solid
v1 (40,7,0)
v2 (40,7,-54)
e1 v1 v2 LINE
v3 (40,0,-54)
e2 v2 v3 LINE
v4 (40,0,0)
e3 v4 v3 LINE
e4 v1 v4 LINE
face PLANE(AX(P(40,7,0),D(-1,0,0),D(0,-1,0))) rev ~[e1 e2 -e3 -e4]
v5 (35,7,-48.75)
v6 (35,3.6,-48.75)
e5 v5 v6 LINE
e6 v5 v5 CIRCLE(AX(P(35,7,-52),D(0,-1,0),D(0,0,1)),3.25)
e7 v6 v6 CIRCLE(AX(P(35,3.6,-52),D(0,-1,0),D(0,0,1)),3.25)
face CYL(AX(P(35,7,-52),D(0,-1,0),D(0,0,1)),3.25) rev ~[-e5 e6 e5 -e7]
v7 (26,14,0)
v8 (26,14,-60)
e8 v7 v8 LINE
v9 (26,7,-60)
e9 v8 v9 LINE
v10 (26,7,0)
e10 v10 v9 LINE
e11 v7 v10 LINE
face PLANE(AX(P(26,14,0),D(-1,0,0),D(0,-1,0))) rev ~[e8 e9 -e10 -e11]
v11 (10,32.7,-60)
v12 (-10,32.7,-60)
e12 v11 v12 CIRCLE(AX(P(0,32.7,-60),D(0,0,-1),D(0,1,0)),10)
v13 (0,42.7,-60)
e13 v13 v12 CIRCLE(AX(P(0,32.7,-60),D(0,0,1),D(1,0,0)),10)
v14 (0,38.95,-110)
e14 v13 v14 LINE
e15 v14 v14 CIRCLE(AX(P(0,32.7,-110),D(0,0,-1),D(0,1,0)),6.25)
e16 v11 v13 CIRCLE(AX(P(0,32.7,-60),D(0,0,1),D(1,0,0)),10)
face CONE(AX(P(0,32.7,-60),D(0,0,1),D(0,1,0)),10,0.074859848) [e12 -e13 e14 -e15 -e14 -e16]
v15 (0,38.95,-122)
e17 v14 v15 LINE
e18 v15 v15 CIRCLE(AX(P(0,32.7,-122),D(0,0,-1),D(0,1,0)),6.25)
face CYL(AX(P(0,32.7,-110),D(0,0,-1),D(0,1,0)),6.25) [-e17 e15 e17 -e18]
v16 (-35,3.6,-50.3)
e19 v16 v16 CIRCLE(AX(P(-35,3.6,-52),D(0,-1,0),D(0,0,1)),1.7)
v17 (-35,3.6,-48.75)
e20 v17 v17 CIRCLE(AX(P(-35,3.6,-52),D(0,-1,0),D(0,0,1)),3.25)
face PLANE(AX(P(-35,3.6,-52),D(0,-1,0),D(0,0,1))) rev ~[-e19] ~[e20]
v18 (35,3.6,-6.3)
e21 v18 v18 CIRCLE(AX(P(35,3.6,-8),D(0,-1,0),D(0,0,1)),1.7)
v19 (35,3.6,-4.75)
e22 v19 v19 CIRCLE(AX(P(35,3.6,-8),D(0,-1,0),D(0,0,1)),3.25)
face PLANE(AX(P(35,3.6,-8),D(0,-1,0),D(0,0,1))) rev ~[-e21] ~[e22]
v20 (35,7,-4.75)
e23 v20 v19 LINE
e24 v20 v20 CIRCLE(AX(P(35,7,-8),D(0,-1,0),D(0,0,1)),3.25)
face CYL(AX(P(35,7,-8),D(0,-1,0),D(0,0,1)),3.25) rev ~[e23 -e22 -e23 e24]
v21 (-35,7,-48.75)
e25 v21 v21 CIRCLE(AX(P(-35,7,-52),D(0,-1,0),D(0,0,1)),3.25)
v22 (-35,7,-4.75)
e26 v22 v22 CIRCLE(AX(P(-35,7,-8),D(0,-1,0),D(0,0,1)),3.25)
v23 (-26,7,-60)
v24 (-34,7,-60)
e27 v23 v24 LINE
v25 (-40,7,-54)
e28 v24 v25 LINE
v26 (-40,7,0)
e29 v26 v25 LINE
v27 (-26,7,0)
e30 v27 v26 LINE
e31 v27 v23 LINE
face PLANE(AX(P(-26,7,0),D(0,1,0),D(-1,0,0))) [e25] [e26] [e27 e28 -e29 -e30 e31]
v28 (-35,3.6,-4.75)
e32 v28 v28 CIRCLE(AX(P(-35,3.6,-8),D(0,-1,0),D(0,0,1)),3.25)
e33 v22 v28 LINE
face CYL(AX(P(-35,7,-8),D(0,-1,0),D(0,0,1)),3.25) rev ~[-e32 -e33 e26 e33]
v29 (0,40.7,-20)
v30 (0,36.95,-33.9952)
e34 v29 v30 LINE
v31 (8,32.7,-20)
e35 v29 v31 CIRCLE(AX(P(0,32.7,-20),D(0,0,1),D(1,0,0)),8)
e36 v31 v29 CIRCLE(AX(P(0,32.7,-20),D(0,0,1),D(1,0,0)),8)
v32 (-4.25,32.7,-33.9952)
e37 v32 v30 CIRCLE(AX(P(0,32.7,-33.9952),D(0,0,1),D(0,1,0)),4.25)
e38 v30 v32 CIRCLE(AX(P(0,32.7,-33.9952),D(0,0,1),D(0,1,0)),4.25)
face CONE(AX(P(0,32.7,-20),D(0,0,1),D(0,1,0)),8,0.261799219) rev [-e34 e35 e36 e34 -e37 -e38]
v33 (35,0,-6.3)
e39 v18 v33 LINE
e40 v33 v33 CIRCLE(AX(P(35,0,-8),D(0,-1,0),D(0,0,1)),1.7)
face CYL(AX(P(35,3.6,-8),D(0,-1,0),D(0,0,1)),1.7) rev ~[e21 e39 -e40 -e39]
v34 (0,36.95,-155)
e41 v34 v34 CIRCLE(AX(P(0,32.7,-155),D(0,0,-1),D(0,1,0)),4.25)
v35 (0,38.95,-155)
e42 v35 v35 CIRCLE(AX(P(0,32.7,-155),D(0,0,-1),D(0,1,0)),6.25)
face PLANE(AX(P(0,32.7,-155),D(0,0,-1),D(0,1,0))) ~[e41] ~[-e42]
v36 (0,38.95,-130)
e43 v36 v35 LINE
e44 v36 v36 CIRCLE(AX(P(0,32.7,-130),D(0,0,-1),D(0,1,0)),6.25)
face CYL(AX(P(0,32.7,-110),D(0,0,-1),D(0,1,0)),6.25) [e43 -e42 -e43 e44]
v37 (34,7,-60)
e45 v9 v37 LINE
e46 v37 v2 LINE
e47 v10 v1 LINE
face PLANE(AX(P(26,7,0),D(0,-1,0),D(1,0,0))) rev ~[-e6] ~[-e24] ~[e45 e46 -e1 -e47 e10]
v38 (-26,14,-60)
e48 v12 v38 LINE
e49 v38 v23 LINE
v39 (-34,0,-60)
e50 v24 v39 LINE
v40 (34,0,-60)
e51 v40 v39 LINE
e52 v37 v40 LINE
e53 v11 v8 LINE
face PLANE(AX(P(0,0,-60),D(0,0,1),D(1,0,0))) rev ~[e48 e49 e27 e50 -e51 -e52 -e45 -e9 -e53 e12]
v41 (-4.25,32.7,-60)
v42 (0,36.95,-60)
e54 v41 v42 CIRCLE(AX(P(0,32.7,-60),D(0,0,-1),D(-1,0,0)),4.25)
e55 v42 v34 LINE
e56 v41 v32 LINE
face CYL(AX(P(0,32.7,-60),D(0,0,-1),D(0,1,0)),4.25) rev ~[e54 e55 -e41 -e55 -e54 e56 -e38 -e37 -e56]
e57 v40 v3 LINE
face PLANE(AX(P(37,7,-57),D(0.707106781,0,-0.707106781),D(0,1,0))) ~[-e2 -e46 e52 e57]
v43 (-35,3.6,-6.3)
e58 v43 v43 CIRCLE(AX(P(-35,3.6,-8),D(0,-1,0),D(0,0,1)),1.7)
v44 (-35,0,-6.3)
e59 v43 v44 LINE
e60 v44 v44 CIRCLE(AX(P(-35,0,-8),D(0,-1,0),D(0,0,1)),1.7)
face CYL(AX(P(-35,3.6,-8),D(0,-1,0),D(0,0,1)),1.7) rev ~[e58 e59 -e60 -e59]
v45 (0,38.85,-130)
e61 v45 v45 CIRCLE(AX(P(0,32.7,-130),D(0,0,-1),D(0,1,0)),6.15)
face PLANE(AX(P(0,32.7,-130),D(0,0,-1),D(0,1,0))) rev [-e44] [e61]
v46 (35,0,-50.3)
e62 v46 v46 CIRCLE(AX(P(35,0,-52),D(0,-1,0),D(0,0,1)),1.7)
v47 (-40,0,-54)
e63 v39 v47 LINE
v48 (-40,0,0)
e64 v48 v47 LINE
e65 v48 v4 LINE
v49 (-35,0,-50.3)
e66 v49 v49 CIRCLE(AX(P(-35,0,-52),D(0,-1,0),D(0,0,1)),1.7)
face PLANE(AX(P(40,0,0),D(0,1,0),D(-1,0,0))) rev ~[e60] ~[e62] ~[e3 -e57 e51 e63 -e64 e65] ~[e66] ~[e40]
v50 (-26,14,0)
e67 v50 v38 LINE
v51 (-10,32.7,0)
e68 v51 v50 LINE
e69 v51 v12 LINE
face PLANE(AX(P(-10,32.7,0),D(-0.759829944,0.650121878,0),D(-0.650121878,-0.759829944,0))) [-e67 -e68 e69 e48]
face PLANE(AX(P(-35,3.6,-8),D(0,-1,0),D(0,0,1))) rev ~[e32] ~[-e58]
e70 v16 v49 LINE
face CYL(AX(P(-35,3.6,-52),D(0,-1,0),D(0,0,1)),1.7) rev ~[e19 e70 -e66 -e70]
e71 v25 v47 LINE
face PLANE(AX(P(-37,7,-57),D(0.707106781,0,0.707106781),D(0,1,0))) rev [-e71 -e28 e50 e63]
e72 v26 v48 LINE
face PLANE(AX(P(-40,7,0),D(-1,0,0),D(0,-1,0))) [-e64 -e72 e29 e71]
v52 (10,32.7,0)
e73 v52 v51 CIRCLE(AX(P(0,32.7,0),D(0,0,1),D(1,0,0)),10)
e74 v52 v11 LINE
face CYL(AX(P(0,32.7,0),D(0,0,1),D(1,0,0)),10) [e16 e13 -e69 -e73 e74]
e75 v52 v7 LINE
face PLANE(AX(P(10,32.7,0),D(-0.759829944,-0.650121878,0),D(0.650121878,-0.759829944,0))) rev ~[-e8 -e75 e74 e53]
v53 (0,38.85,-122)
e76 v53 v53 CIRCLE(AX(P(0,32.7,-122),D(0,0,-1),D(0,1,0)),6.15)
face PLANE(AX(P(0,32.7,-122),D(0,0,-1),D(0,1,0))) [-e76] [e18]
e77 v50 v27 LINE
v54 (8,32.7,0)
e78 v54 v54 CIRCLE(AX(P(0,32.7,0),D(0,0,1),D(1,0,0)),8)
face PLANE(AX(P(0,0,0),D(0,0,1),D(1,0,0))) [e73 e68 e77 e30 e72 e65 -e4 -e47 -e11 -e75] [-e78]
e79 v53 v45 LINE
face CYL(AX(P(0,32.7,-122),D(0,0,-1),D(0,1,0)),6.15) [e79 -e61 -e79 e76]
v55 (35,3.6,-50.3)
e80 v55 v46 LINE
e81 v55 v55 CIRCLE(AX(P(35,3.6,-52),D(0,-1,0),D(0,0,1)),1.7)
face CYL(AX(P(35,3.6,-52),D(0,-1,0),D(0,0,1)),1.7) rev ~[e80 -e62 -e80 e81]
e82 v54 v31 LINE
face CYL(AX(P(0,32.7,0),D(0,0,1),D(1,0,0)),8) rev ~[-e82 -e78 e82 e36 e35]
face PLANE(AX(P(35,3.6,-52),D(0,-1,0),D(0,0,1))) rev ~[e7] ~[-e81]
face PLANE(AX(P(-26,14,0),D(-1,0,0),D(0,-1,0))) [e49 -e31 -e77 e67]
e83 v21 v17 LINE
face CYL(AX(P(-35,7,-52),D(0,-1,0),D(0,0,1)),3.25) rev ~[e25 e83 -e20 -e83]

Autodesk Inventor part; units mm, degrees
ref_plane "YZ Plane" through (0, 0, 0) normal (1, 0, 0) x (0, 1, 0)
ref_plane "XZ Plane" through (0, 0, 0) normal (0, 1, 0) x (-1, 0, 0)
ref_plane "XY Plane" through (0, 0, 0) normal (0, 0, 1) x (1, 0, 0)
sketch "Sketch1" plane through (0, 0, 0) normal (0, 0, 1) x (1, 0, 0)
  arc A0 (10, 32.7) -> (-10, 32.7) centre (0, 32.7) ccw
  line L0 (-10, 32.7) -> (-26, 14)
  line L1 (-26, 14) -> (-26, 7)
  line L2 (-26, 7) -> (-40, 7)
  line L3 (-40, 7) -> (-40, 0)
  line L4 (-40, 0) -> (0, 0)
  line L5 (0, 32.7) -> (0, 0) construction
  line L6 (10, 32.7) -> (26, 14)
  line L7 (26, 14) -> (26, 7)
  line L8 (26, 7) -> (40, 7)
  line L9 (40, 7) -> (40, 0)
  line L10 (40, 0) -> (0, 0)
  line L11 (-10, 32.7) -> (10, 32.7) construction
  dimension "d4" = 10
  dimension "d5" = 80
  dimension "ToolGuidance_Base_Thickness" = 7
  dimension "d7" = 7
  dimension "d8" = 32.7
  dimension "d9" = 14
  dimension "d11" = 0
extrude "Extrusion1" add sketch "Sketch1" against normal blind 60
sketch "Sketch2" plane through (0, 0, 0) normal (0, 0, 1) x (1, 0, 0)
  arc A0 (10, 32.7) -> (-10, 32.7) centre (0, 32.7) ccw projected
  circle A1 centre (0, 32.7) radius 8
  point P0 (0, 0)
  dimension "d16" = 16
extrude "Extrusion2" cut sketch "Sketch2" against normal blind 20
sketch "Sketch3" plane through (0, 0, -60) normal (0, 0, -1) x (-1, 0, 0)
  circle A0 centre (0, 32.7) radius 8 projected
  circle A1 centre (0, 32.7) radius 4.25
  point P0 (0, 0)
  dimension "d19" = 8.5
extrude "Extrusion3" cut sketch "Sketch3" against normal blind 60 contours A1
sketch "Sketch4" plane through (-40, 7, 0) normal (0, 1, 0) x (1, 0, 0)
  circle A0 centre (5, 52) radius 2.25 construction
  line L0 (0, 60) -> (14, 60) construction
  line L1 (0, 0) -> (0, 60) construction
  circle A1 centre (5, 8) radius 2.25 construction
  line L2 (96, 0) -> (-16, 0) construction
  line L3 (40, 60) -> (40, 0) construction
  circle A2 centre (75, 52) radius 2.25 construction
  circle A3 centre (75, 8) radius 2.25 construction
  line L4 (80, 0) -> (80, 60) construction
  line L5 (66, 60) -> (80, 60) construction
  line L6 (75, 52) -> (75, 8) construction
  line L7 (5, 52) -> (5, 8) construction
  line L8 (0, 0) -> (0, 60) construction
  point P0 (73, 60)
  point P1 (7, 60)
  dimension "d25" = 4.5
  dimension "d26" = 8
  dimension "d28" = 4.5
  dimension "d29" = 8
  dimension "d54" = 44
  dimension "Guidacne_fixHoleDist" = 70
hole "Bohrung1" at (35, 7, -52) at (35, 7, -8) at (-35, 7, -8) at (-35, 7, -52) direction (0, -1, 0) diameter 3.4 end through all counterbore diameter 6.5 counterbore depth 3.4 clearance for "Inbusschraube DIN EN ISO 4762" size "M3" standard "DIN"
sketch "Sketch5" plane through (0, 0, 0) normal (1, 0, 0) x (0, 1, 0)
  line L0 (32.7, 0) -> (32.7, -60) projected
  line L1 (32.7, 0) -> (32.7, -180.9299)
  line L2 (32.7, -60) -> (42.7, -60) projected
  line L3 (42.7, -60) -> (38.95, -110)
  line L4 (38.95, -110) -> (38.95, -155)
  line L5 (36.95, -60) -> (36.95, -20) projected
  line L6 (36.95, -60) -> (36.95, -155)
  line L7 (36.95, -155) -> (38.95, -155)
  line L8 (42.7, 0) -> (32.7, 0) projected
  point P0 (0, 0)
  dimension "d34" = 2
  dimension "d35" = 155
  dimension "d36" = 110
revolve "Revolution1" add sketch "Sketch5" angle 360 about axis through (0, 32.7, 0) along (0, 0, -1)
sketch "Sketch6" plane through (0, 0, 0) normal (1, 0, 0) x (0, 1, 0)
  line L0 (32.7, 0) -> (32.7, -60) projected
  line L1 (32.7, -41.8536) -> (32.7, 16.9969)
  line L2 (24.7, -20) -> (40.7, -20) projected
  line L3 (40.7, -20) -> (36.95, -33.9952)
  line L4 (36.95, -155) -> (36.95, -20) projected
  line L5 (28.45, -20) -> (36.95, -20) projected
  line L6 (36.95, -33.9952) -> (36.95, -20)
  line L7 (36.95, -20) -> (40.7, -20)
  line L8 (36.95, -33.9952) -> (36.95, -20)
  line L9 (40.7, -20) -> (36.95, -20)
  point P0 (0, 0)
  dimension "d38" = 15
revolve "Revolution2" cut sketch "Sketch6" angle 360 about axis through (0, 32.7, -41.8536) along (0, 0, 1)
sketch "Sketch7" plane through (0, 0, 0) normal (1, 0, 0) x (0, 1, 0)
  line L0 (26.45, -110) -> (38.95, -110) projected
  line L1 (32.7, -110) -> (32.7, -160.0229)
  line L2 (38.95, -110) -> (38.95, -155) projected
  line L3 (38.95, -122) -> (38.85, -122)
  line L4 (38.85, -122) -> (38.85, -130)
  line L5 (38.85, -130) -> (38.95, -130)
  line L6 (38.95, -130) -> (38.95, -122)
  line L7 (42.7, 0) -> (32.7, 0) projected
  point P0 (0, 0)
  dimension "d40" = 0.1
  dimension "d41" = 122
  dimension "d42" = 8
revolve "Revolution3" cut sketch "Sketch7" angle 360 about axis through (0, 32.7, -110) along (0, 0, -1)
ref_plane "Arbeitsebene1" through (0, 32.7, -126) normal (0, 0, -1) x (-1, 0, 0)
ref_plane "Arbeitsebene2" through (26, 7, 0) normal (0, 0, 1) x (1, 0, 0)
chamfer "Fase2" distance 6 angle 45 2 edges at (-40, 3.5, -60) (40, 3.5, -60)
sketch "Skizze9" plane through (-40, 0, 0) normal (0, -1, 0) x (1, 0, 0)
  circle A0 centre (5, -52) radius 1.7 projected
  circle A1 centre (75, -8) radius 1.7 projected
  circle A2 centre (75, -52) radius 1.7 projected
  circle A3 centre (5, -8) radius 1.7 projected
  line L0 (80, -54) -> (74, -60) projected
  line L1 (80, 0) -> (80, -54) projected
  line L2 (0, 0) -> (80, 0) projected
  line L3 (0, 0) -> (0, -54) projected
  line L4 (6, -60) -> (0, -54) projected
  line L5 (74, -60) -> (6, -60) projected
  point P0 (40, 0)
equation "\"d5\" = GuidanceTrac_Width"
equation "\"d25\" = d28"
equation "\"GuidanceTrac_Width\" = 80"
properties part number "Guide" material "PBT-Kunststoff"
